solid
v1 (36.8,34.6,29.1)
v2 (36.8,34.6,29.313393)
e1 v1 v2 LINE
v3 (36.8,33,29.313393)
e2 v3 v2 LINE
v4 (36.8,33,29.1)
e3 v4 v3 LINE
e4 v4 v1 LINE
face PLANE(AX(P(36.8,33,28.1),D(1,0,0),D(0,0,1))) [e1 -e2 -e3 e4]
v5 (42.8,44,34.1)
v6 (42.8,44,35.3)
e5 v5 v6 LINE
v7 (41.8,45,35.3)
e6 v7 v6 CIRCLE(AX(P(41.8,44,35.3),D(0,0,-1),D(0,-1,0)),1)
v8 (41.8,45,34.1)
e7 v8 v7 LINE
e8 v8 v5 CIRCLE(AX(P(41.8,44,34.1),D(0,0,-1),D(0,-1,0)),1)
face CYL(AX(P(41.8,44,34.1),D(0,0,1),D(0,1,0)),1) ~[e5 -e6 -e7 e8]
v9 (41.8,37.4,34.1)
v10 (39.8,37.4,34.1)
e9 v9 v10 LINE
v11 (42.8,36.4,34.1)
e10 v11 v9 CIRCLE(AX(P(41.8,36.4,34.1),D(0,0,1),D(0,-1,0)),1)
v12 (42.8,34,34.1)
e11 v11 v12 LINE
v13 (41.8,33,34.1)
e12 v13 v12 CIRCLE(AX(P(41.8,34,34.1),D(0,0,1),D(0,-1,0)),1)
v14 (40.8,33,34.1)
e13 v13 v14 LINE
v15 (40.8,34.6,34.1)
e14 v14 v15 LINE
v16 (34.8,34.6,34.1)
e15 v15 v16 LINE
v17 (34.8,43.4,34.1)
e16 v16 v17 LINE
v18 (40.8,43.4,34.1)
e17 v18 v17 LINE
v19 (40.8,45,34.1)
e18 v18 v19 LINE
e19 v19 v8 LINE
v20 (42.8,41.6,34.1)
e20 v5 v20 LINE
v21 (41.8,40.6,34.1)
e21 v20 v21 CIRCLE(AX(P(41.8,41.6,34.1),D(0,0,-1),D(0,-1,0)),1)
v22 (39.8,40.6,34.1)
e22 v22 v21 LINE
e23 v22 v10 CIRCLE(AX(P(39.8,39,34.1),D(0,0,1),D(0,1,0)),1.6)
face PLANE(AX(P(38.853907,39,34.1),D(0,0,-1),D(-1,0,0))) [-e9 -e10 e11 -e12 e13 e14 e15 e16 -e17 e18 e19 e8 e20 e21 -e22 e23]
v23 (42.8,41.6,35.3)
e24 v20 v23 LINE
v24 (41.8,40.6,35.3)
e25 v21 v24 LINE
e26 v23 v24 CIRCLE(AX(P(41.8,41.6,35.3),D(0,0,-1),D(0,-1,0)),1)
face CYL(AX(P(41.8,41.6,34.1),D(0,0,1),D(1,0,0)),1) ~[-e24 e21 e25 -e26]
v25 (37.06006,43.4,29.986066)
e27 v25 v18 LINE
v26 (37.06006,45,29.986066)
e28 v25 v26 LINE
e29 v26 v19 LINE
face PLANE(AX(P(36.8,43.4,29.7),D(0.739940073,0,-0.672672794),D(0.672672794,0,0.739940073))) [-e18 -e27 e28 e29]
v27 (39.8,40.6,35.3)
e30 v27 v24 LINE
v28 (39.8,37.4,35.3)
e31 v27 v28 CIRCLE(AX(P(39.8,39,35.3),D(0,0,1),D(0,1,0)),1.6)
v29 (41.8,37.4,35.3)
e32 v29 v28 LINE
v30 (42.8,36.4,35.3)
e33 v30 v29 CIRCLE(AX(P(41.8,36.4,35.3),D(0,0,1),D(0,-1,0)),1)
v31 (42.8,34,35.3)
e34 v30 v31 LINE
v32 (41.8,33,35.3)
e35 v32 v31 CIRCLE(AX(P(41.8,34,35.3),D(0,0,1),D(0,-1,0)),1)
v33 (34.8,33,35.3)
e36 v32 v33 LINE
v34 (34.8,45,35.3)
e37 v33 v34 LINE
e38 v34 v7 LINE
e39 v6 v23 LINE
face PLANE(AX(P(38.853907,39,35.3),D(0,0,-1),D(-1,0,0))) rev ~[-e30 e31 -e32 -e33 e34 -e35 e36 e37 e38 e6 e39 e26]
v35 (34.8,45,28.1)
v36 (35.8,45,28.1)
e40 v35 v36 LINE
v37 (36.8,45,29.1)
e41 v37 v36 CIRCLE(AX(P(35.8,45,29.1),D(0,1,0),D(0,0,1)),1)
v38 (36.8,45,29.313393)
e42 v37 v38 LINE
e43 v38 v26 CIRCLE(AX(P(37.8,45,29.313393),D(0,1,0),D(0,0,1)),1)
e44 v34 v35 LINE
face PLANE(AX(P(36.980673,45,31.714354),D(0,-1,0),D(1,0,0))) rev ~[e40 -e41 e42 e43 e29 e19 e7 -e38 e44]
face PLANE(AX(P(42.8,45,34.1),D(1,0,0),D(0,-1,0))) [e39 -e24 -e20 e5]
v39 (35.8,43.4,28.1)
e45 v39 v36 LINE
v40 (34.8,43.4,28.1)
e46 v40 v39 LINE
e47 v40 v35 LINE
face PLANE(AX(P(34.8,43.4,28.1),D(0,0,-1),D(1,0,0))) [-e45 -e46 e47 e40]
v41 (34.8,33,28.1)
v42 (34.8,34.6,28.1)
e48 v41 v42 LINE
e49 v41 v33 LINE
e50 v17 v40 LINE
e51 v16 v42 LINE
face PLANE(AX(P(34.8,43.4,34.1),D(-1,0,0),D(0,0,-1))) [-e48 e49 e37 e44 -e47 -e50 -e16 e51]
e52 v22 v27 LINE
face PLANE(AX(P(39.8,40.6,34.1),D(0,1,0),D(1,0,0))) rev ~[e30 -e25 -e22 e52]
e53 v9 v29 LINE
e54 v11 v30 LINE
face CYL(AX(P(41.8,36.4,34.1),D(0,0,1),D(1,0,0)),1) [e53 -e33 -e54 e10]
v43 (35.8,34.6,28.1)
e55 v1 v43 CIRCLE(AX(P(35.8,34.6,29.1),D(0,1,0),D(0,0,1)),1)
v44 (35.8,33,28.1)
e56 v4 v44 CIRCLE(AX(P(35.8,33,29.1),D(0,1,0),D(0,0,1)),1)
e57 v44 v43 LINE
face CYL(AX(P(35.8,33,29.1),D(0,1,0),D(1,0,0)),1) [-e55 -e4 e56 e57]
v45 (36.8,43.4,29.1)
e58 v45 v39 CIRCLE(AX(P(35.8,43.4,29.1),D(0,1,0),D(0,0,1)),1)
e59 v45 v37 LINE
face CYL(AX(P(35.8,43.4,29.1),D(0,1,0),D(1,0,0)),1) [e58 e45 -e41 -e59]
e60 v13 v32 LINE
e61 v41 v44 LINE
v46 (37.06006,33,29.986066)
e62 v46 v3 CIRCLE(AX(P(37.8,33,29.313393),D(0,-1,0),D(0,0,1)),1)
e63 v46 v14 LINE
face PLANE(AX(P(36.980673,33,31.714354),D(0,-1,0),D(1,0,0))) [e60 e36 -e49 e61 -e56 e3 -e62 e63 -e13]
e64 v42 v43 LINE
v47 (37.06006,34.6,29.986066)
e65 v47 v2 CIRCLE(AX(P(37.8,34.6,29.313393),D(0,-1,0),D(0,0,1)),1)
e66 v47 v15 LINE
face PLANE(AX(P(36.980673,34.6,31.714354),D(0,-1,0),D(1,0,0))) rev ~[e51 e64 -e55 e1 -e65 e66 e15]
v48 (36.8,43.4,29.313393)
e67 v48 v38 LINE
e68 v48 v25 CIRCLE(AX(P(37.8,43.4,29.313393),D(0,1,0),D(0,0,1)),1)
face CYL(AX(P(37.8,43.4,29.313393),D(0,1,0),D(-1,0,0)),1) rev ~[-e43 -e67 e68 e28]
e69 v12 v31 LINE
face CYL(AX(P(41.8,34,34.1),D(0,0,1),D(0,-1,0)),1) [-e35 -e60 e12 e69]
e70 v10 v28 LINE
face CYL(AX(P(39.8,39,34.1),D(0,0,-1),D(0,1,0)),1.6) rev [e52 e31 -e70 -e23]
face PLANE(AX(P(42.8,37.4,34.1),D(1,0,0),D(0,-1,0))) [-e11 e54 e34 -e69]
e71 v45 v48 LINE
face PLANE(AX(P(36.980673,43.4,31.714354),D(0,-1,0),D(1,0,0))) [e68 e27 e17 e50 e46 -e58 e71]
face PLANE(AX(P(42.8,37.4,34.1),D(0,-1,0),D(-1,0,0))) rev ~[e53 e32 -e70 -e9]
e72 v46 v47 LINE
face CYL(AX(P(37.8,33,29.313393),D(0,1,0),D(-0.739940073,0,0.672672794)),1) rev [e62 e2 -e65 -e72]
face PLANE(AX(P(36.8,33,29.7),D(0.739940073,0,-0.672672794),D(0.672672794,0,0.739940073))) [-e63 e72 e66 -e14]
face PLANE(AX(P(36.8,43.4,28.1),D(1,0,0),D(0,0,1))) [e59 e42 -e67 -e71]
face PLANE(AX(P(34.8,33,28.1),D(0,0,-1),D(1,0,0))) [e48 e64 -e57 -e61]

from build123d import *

# Parameters (mm, degrees)
PAD065_DEPTH           = 1.2
PAD066_DEPTH           = 1.6
LINEARPATTERN003_COUNT = 2
LINEARPATTERN003_PITCH = 10.4
FILLET_R               = 1
FILLET001_R            = 1
FILLET002_R            = 1


with BuildPart() as part:
    # Sketch095 → Pad065 (new body)
    with BuildSketch(Plane.XY):
        with BuildLine():
            Line((-4, 6), (4, 6))
            Line((4, 6), (4, 1.6))
            Line((1, 1.6), (4, 1.6))
            ThreePointArc((1, 1.6), (-0.6, 0), (1, -1.6))
            Line((4, -1.6), (1, -1.6))
            Line((4, -1.6), (4, -6))
            Line((4, -6), (-4, -6))
            Line((-4, -6), (-4, 6))
        make_face()
    extrude(amount=PAD065_DEPTH)

    # Sketch096 (on DatumPlane) → Pad066 (join)
    with BuildSketch(Plane.XZ.offset(6)):
        Polygon((-4, 0), (-4, -6), (-2, -6), (-2, -4.4), (2, 0), align=None)
    pad066 = extrude(amount=-PAD066_DEPTH)

    # LinearPattern003: Pad066 ×2
    with Locations(*[(0, i * LINEARPATTERN003_PITCH, 0) for i in range(1, LINEARPATTERN003_COUNT)]):
        add(pad066)

    # Fillet
    fillet_edges = [part.edges().sort_by_distance(p)[0] for p in [
        (-2, -5.2, -6),
        (-2, 5.2, -6),
    ]]
    fillet(fillet_edges, radius=FILLET_R)

    # Fillet001
    fillet001_edges = [part.edges().sort_by_distance(p)[0] for p in [
        (-2, -5.2, -4.4),
        (-2, 5.2, -4.4),
    ]]
    fillet(fillet001_edges, radius=FILLET001_R)

    # Fillet002
    fillet002_edges = [part.edges().sort_by_distance(p)[0] for p in [
        (4, -6, 0.6),
        (4, -1.6, 0.6),
        (4, 1.6, 0.6),
        (4, 6, 0.6),
    ]]
    fillet(fillet002_edges, radius=FILLET002_R)


with BuildPart() as part_1:
    # Body018 placement: moved
    add(part.part.moved(Location((38.8, 39, 34.1))))


solid = part_1.part
